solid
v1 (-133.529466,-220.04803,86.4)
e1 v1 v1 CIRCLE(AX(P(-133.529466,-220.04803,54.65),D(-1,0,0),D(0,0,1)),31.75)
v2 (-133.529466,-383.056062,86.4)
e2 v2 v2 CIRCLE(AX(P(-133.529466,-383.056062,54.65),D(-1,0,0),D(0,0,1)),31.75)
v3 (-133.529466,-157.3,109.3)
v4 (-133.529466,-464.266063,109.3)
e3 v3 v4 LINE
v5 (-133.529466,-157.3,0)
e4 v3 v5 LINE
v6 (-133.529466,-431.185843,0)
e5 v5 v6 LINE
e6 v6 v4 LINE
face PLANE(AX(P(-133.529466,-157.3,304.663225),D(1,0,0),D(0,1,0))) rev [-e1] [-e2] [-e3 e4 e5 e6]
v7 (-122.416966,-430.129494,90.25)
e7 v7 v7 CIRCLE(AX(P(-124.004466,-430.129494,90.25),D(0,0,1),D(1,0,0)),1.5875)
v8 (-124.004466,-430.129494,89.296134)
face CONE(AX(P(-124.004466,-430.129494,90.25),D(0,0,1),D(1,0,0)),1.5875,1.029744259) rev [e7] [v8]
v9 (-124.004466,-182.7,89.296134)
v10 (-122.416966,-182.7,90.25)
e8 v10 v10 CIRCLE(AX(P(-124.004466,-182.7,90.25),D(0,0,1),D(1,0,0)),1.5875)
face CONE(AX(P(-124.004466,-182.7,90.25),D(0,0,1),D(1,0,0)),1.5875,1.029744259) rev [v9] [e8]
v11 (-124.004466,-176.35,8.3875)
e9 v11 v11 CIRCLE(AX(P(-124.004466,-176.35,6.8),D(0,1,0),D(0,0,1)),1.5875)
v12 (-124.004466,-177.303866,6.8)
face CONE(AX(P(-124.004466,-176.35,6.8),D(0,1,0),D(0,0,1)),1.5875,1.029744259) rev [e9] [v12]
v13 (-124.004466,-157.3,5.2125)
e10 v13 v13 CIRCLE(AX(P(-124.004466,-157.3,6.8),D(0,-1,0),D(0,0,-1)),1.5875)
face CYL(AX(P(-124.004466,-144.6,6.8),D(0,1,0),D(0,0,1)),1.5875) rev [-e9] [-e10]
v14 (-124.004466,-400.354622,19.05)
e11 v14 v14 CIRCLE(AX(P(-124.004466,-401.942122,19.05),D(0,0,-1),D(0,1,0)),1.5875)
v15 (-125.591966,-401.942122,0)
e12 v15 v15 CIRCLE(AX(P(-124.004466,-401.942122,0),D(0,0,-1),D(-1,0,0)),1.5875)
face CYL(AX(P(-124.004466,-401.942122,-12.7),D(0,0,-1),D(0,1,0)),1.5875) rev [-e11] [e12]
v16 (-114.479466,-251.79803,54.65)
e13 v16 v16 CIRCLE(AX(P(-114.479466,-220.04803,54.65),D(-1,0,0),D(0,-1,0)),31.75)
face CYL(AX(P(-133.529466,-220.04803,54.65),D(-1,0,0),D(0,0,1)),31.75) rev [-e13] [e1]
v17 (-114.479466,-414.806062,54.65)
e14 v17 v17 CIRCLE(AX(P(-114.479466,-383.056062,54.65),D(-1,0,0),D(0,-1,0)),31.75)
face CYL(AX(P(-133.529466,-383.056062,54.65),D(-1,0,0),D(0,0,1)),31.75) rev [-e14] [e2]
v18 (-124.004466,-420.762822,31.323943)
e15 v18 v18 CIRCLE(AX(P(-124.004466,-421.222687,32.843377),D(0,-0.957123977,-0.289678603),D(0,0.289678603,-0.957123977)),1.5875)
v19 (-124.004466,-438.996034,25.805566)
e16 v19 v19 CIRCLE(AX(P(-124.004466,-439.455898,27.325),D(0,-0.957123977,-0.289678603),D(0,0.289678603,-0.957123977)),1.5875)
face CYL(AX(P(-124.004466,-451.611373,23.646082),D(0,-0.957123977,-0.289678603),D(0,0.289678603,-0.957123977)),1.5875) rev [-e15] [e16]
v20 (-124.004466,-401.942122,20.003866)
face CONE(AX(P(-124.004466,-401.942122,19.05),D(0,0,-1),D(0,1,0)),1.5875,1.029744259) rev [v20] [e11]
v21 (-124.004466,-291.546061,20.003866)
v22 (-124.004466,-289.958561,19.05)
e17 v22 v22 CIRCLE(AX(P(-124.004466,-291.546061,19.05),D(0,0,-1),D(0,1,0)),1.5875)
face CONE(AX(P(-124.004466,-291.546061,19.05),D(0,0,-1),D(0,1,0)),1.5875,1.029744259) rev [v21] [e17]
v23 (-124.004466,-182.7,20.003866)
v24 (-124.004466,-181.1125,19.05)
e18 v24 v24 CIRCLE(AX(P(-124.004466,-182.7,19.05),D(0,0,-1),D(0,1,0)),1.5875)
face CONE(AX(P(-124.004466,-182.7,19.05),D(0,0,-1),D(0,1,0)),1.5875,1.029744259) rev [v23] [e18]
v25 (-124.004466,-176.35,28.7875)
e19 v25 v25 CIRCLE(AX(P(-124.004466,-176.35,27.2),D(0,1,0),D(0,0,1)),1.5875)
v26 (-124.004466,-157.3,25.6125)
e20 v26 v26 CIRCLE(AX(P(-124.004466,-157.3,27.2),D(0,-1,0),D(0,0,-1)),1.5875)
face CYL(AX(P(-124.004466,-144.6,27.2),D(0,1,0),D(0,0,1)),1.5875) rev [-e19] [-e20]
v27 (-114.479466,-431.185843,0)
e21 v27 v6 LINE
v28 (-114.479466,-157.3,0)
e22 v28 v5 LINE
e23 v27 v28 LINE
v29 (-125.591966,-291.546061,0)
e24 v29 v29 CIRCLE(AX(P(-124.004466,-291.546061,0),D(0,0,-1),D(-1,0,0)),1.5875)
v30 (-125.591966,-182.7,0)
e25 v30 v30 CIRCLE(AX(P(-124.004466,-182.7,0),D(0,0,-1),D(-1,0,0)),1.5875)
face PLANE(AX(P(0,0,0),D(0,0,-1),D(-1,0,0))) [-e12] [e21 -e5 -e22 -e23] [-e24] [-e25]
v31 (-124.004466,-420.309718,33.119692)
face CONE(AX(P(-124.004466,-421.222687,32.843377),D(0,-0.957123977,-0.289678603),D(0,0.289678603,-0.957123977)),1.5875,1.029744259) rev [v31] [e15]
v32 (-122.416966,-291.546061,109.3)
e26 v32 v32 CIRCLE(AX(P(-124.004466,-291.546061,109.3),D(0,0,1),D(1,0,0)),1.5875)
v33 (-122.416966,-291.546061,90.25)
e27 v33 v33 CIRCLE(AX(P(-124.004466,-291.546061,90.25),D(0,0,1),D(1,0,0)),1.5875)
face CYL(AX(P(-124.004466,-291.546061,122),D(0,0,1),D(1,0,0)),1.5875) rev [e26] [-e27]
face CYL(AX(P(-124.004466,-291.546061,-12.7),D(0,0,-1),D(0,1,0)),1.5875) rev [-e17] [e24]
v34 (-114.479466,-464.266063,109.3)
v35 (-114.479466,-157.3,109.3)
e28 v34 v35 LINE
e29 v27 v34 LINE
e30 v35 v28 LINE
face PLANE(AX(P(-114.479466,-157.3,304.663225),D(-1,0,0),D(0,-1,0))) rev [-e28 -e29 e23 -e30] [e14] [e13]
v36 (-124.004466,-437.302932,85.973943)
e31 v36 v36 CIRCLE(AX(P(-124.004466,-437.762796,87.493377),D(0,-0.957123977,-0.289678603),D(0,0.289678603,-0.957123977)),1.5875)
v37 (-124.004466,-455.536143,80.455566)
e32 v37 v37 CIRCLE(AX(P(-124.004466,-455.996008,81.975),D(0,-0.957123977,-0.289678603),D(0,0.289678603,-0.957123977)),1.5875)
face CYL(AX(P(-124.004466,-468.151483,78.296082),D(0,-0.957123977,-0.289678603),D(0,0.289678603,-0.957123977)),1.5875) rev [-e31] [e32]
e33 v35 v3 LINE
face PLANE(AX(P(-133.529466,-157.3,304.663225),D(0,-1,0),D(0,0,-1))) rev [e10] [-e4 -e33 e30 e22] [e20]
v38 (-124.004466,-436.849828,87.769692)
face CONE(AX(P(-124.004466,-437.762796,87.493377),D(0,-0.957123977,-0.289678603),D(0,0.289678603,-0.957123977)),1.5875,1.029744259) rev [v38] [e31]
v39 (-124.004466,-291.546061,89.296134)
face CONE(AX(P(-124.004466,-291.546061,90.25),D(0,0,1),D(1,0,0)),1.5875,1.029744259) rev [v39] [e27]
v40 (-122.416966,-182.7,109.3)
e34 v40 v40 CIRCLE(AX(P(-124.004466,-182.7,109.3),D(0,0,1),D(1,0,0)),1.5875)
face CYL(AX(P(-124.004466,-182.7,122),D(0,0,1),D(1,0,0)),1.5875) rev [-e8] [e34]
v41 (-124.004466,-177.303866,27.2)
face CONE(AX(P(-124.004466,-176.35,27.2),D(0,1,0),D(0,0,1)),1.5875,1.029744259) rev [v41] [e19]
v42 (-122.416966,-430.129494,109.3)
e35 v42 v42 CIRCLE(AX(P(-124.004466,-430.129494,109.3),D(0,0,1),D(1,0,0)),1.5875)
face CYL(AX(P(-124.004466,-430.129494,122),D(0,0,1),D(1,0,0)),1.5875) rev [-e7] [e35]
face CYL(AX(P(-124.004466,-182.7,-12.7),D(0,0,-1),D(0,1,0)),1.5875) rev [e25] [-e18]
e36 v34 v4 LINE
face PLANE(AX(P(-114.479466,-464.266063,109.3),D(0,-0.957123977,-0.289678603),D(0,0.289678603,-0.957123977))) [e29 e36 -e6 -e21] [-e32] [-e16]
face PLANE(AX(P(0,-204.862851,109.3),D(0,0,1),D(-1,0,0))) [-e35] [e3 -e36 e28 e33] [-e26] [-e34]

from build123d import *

# Parameters (mm, degrees)
SKETCH1_W           = 19.05
SKETCH1_H           = 270.042121692
BOSS_EXTRUDE1_DEPTH = 33.95
SKETCH2_W           = 19.05
SKETCH2_H           = 270.042121692
BOSS_EXTRUDE2_DEPTH = 75.35
BOSS_EXTRUDE3_DEPTH = 19.05
HOLE1_D             = 3.175
HOLE1_DEPTH         = 31.75
HOLE1_CSINK_D       = 10.16
HOLE1_CSINK_ANGLE   = 82
HOLE1_TIP           = 0.953866233
HOLE3_D             = 3.175
HOLE3_DEPTH         = 31.75
HOLE3_CSINK_D       = 10.16
HOLE3_CSINK_ANGLE   = 82
HOLE3_TIP           = 0.953866233
HOLE4_D             = 3.175
HOLE4_DEPTH         = 31.75
HOLE4_CSINK_D       = 10.16
HOLE4_CSINK_ANGLE   = 82
HOLE4_TIP           = 0.953866233
HOLE5_D             = 3.175
HOLE5_DEPTH         = 31.75
HOLE5_CSINK_D       = 10.16
HOLE5_CSINK_ANGLE   = 82
HOLE5_TIP           = 0.953866233
HOLE6_D             = 63.5
HOLE6_DEPTH         = 19.05


with BuildPart() as part:
    # Sketch1 → Boss-Extrude1 (new body)
    with BuildSketch(Plane.XY):
        with Locations((-124.004465969, -292.321060846)):
            Rectangle(SKETCH1_W, SKETCH1_H)
    extrude(amount=BOSS_EXTRUDE1_DEPTH)

    # Sketch2 → Boss-Extrude2 (add)
    with BuildSketch(Plane.XY.offset(33.95)):
        with Locations((-124.004465969, -292.321060846)):
            Rectangle(SKETCH2_W, SKETCH2_H)
    extrude(amount=BOSS_EXTRUDE2_DEPTH)

    # Sketch3 → Boss-Extrude3 (add, through all)
    with BuildSketch(Plane.ZY.offset(133.529465969)):
        Polygon((109.3, -427.342121692), (109.3, -464.26606302), (0, -431.185843453), (0, -427.342121692), align=None)
    extrude(amount=-BOSS_EXTRUDE3_DEPTH)

    # Hole1
    with Locations(Plane(origin=(-124.004465969, 10.424290059, 122), x_dir=(-1, 0, 0), z_dir=(0, 0, 1))):
        with Locations((113.649999994, 128.807623392), (113.649999994, 23.940956725), (-94.599999994, 161.374290059), (94.599999994, 161.374290059), (0, 161.374290059), (0, 193.124290059), (0, 440.553783621), (0, 301.970350905), (40.979166666, 301.970350905), (166.795833328, 301.970350905), (207.774999994, 440.553783621), (207.774999994, 333.02141023), (207.774999994, 225.48903684), (207.774999994, 137.424290059), (207.774999994, 10.424290059), (-207.774999994, 10.424290059), (-207.774999994, 137.424290059), (-207.774999994, 225.48903684), (-207.774999994, 333.02141023), (-207.774999994, 440.553783621), (-166.795833328, 301.970350905), (-40.979166666, 301.970350905), (-113.649999994, 23.940956725), (-113.649999994, 128.807623392)):
            CounterSinkHole(HOLE1_D / 2, HOLE1_CSINK_D / 2, depth=HOLE1_DEPTH, counter_sink_angle=HOLE1_CSINK_ANGLE)
            with Locations((0, 0, -(HOLE1_DEPTH + HOLE1_TIP / 2))):  # 118° drill point
                Cone(0, HOLE1_D / 2, HOLE1_TIP, mode=Mode.SUBTRACT)

    # Hole3
    with Locations(Plane(origin=(-124.004465969, -144.6, -155.286738577), x_dir=(-1, 0, 0), z_dir=(0, 1, 0))):
        with Locations((0, 162.086738577), (0, 182.486738577)):
            CounterSinkHole(HOLE3_D / 2, HOLE3_CSINK_D / 2, depth=HOLE3_DEPTH, counter_sink_angle=HOLE3_CSINK_ANGLE)
            with Locations((0, 0, -(HOLE3_DEPTH + HOLE3_TIP / 2))):  # 118° drill point
                Cone(0, HOLE3_D / 2, HOLE3_TIP, mode=Mode.SUBTRACT)

    # Hole4
    with Locations(Plane(origin=(-124.004465969, 10.424290059, -12.7), x_dir=(1, 0, 0), z_dir=(0, 0, -1))):
        with Locations((-207.774999994, 333.02141023), (-207.774999994, 225.48903684), (-207.774999994, 137.424290059), (-172.166666661, 4.074290059), (-146.083333327, 4.074290059), (-94.599999994, 161.374290059), (0, 161.374290059), (94.599999994, 161.374290059), (146.083333327, 4.074290059), (172.166666661, 4.074290059), (207.774999994, 137.424290059), (207.774999994, 225.48903684), (207.774999994, 333.02141023), (166.795833328, 301.970350905), (40.979166666, 301.970350905), (-40.979166666, 301.970350905), (-166.795833328, 301.970350905), (0, 193.124290059), (0, 301.970350905), (0, 412.366411751), (-126.349999994, 106.824290059), (-126.349999994, 58.624290059), (126.349999994, 58.624290059), (126.349999994, 106.824290059)):
            CounterSinkHole(HOLE4_D / 2, HOLE4_CSINK_D / 2, depth=HOLE4_DEPTH, counter_sink_angle=HOLE4_CSINK_ANGLE)
            with Locations((0, 0, -(HOLE4_DEPTH + HOLE4_TIP / 2))):  # 118° drill point
                Cone(0, HOLE4_D / 2, HOLE4_TIP, mode=Mode.SUBTRACT)

    # Hole5
    with Locations(Plane(origin=(-124.004465969, -363.229637966, -268.375064111), x_dir=(1, 0, 0), z_dir=(0, -0.957123977, -0.289678603))):
        with Locations((207.774999994, 613.051808534), (-207.774999994, 613.051808534), (-207.774999994, 456.277103296), (-207.774999994, 769.826513772), (-108.649999997, 456.277103296), (-108.649999997, 630.126513772), (-108.649999997, 769.826513772), (-207.774999994, 362.200879148), (-207.774999994, 305.10273792), (0, 305.10273792), (0, 362.200879148), (207.774999994, 305.10273792), (207.774999994, 362.200879148), (108.649999997, 769.826513772), (108.649999997, 630.126513772), (108.649999997, 456.277103296), (207.774999994, 769.826513772), (207.774999994, 456.277103296)):
            CounterSinkHole(HOLE5_D / 2, HOLE5_CSINK_D / 2, depth=HOLE5_DEPTH, counter_sink_angle=HOLE5_CSINK_ANGLE)
            with Locations((0, 0, -(HOLE5_DEPTH + HOLE5_TIP / 2))):  # 118° drill point
                Cone(0, HOLE5_D / 2, HOLE5_TIP, mode=Mode.SUBTRACT)

    # Hole6
    with Locations(Plane.ZY.offset(133.529465969)):
        with Locations((54.65, -220.048030423), (54.65, -383.056061933)):
            Hole(HOLE6_D / 2, depth=HOLE6_DEPTH)


solid = part.part
